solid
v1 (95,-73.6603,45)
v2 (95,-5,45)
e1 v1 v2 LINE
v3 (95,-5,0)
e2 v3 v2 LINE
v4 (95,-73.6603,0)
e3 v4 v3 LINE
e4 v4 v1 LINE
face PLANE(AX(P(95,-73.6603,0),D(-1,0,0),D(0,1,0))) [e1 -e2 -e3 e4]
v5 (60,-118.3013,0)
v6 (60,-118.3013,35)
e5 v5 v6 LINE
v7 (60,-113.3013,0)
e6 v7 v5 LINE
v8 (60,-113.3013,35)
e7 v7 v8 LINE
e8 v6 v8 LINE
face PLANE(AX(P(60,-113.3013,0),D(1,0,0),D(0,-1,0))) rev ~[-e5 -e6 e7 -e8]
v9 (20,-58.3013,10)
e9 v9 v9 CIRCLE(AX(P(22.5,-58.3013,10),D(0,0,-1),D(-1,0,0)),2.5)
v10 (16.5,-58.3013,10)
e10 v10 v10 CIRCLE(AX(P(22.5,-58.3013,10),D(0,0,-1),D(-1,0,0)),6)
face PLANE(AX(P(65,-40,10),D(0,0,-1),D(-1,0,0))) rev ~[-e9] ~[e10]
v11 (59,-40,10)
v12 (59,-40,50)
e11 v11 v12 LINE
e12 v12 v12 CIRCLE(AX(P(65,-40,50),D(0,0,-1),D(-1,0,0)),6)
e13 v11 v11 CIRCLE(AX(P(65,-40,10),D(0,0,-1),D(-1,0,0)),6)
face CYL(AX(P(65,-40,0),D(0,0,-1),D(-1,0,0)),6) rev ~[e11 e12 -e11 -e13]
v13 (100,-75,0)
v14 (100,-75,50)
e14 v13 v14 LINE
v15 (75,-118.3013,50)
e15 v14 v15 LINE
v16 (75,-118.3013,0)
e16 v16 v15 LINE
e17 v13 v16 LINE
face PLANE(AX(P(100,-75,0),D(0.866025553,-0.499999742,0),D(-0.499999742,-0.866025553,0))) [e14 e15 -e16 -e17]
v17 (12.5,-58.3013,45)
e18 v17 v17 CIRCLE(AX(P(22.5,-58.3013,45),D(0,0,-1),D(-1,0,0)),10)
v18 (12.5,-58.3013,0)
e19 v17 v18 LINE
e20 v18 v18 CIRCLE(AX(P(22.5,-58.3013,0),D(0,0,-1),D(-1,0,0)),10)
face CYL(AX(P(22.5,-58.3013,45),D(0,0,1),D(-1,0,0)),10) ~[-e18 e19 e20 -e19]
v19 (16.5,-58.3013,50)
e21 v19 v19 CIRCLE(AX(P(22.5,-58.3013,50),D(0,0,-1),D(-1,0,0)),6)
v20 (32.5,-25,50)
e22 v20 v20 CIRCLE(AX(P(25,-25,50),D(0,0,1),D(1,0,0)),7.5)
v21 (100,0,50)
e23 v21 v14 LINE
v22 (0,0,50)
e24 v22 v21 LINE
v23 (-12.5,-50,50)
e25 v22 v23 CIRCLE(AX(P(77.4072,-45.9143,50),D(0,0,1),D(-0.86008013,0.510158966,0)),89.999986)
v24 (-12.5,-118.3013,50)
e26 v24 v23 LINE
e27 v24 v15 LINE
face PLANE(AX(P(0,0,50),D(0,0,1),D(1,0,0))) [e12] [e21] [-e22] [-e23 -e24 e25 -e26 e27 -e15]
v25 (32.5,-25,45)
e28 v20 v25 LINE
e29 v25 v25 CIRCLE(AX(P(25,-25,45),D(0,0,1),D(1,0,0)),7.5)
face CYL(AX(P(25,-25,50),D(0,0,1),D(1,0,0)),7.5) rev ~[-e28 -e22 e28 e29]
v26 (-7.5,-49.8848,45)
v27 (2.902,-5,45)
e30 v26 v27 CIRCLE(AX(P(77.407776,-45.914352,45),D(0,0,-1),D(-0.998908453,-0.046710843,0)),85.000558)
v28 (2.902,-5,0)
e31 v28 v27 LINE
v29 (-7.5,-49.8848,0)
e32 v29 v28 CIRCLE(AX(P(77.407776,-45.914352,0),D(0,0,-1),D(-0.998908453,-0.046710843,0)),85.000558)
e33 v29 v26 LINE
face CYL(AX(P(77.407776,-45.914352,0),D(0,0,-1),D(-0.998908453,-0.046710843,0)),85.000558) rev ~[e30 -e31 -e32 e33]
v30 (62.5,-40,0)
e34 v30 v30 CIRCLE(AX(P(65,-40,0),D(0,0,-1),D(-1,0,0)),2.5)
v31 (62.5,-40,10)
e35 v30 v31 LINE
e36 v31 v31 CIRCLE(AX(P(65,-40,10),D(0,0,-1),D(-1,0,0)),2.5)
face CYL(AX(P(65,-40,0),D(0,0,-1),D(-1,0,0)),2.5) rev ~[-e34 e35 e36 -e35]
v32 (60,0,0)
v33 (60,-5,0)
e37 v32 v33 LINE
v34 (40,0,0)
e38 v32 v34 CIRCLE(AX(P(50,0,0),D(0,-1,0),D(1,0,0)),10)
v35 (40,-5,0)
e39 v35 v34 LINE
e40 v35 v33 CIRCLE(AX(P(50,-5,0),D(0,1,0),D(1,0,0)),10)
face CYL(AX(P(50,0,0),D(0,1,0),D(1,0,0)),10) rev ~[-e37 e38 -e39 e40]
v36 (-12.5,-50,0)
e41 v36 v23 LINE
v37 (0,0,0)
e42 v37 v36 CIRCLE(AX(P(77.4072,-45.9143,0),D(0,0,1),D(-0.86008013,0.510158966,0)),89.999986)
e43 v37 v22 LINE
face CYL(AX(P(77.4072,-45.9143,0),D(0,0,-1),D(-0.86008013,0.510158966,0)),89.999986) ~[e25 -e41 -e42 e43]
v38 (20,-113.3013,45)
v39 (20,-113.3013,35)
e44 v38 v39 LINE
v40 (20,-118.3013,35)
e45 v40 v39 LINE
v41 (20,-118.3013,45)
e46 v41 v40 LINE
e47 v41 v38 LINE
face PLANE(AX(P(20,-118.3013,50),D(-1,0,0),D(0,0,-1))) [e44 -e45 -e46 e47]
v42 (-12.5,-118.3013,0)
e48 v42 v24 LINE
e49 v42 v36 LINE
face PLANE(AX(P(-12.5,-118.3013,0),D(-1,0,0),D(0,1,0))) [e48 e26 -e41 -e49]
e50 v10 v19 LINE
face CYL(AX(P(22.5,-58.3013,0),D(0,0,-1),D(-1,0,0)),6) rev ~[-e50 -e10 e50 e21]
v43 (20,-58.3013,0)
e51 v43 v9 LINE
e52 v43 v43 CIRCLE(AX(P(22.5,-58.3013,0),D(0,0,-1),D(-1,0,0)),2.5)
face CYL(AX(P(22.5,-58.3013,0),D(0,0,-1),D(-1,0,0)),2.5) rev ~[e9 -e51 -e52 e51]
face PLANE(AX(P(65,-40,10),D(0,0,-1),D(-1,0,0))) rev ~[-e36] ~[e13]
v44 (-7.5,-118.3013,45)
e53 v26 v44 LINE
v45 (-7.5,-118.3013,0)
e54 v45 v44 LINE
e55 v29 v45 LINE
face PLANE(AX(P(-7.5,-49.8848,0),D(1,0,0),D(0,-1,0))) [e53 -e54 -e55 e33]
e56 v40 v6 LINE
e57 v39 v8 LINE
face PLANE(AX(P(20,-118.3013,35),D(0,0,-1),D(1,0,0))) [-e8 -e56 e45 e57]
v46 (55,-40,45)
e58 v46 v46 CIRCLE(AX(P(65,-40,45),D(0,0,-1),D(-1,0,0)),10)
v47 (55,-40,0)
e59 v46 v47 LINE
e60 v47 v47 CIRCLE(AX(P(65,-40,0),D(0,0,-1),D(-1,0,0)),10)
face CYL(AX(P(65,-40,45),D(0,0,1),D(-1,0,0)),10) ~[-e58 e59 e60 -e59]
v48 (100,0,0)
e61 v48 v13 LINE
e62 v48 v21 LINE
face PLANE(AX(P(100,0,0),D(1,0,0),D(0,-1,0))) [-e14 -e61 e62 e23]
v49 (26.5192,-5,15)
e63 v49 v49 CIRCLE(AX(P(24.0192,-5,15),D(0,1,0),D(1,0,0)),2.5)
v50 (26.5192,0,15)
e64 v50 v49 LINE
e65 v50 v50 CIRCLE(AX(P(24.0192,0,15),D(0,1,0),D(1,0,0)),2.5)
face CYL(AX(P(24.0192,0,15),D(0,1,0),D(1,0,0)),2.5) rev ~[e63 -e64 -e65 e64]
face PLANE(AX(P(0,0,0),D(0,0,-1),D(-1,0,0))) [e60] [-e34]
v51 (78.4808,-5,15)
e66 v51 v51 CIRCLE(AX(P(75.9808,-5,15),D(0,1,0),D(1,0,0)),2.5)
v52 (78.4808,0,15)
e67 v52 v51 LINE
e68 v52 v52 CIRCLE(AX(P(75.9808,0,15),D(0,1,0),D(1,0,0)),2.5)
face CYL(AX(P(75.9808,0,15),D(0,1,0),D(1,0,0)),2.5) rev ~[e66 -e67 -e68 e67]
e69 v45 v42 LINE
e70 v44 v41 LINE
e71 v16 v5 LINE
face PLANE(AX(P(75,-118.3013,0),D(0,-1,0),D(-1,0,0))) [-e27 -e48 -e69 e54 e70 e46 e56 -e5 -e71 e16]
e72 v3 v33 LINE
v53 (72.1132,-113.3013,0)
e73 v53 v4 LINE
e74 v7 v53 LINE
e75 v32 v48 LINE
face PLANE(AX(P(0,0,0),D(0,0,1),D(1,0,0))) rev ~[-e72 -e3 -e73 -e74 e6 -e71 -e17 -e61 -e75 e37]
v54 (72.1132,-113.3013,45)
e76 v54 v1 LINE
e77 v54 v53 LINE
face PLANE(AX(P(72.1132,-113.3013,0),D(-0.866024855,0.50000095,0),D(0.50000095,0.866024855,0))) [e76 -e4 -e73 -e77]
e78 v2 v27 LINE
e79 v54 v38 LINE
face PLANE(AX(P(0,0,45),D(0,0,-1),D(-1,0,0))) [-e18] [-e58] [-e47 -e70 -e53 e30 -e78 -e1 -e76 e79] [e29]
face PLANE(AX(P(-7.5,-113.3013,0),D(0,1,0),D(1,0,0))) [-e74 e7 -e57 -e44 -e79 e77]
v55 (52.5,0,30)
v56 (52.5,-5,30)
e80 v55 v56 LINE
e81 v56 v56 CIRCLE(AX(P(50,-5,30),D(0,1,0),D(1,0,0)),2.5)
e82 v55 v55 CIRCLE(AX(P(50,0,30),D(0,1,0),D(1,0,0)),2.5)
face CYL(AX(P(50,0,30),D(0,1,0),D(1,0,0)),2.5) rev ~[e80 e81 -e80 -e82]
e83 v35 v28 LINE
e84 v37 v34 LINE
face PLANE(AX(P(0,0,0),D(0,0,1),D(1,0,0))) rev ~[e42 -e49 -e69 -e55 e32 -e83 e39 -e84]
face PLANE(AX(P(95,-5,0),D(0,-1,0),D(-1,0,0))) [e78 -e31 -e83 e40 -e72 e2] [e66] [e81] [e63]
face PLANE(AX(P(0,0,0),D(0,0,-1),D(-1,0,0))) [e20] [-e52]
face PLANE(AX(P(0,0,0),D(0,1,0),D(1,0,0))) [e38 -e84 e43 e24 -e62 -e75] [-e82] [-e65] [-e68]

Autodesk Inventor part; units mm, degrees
ref_plane "YZ Plane" through (0, 0, 0) normal (1, 0, 0) x (0, 1, 0)
ref_plane "XZ Plane" through (0, 0, 0) normal (0, 1, 0) x (-1, 0, 0)
ref_plane "XY Plane" through (0, 0, 0) normal (0, 0, 1) x (1, 0, 0)
sketch "Sketch1" plane through (0, 0, 0) normal (0, 0, 1) x (1, 0, 0)
  line L0 (0, 0) -> (100, 0)
  line L1 (100, 0) -> (100, -75)
  line L2 (100, -75) -> (75, -118.3013)
  line L3 (75, -118.3013) -> (-12.5, -118.3013)
  line L4 (-12.5, -118.3013) -> (-12.5, -50)
  arc A0 (0, 0) -> (-12.5, -50) centre (77.4072, -45.9143) ccw
  dimension "d0" = 100
  dimension "d1" = 75
  dimension "d2" = 50
  dimension "d3" = 150
  dimension "d5" = 50
  dimension "d6" = 12.5
  dimension "d7" = 90
extrude "Extrusion1" add sketch "Sketch1" along normal blind 50
sketch "Sketch2" plane through (0, 0, 0) normal (0, 0, -1) x (-1, 0, 0)
  line L0 (0, 0) -> (-100, 0) projected
  line L1 (-100, 0) -> (-100, -75) projected
  line L2 (-100, -75) -> (-75, -118.3013) projected
  line L3 (-75, -118.3013) -> (12.5, -118.3013) projected
  line L4 (12.5, -118.3013) -> (12.5, -50) projected
  arc A0 (12.5, -50) -> (0, 0) centre (-77.4072, -45.9143) ccw projected
  line L5 (-95, -73.6603) -> (-95, -5)
  line L6 (-95, -5) -> (-2.902, -5)
  arc A1 (7.5, -49.8848) -> (-2.902, -5) centre (-77.4072, -45.9143) ccw
  line L7 (7.5, -49.8848) -> (7.5, -113.3013)
  line L8 (7.5, -113.3013) -> (-72.1132, -113.3013)
  line L9 (-72.1132, -113.3013) -> (-95, -73.6603)
  dimension "d10" = 5
extrude "Extrusion2" cut sketch "Sketch2" against normal blind 45 contours L5 L6 A1 L7 L8 L9
sketch "Sketch3" plane through (0, 0, 0) normal (0, 0, -1) x (-1, 0, 0)
  line L0 (7.5, -113.3013) -> (-72.1132, -113.3013) projected
  line L1 (12.5, -118.3013) -> (-75, -118.3013) projected
  line L2 (7.5, -113.3013) -> (-60, -113.3013)
  line L3 (-60, -113.3013) -> (-60, -118.3013)
  line L4 (-60, -118.3013) -> (7.5, -118.3013)
  line L5 (7.5, -118.3013) -> (7.5, -113.3013)
  point P0 (0, 0)
  dimension "d13" = 15
extrude "Extrusion3" cut sketch "Sketch3" against normal blind 45
sketch "Sketch4" plane through (0, 0, 0) normal (0, 1, 0) x (1, 0, 0)
  circle A0 centre (50, 0) radius 10
  line L0 (0, 0) -> (100, 0) projected
  dimension "d16" = 20
extrude "Extrusion4" cut sketch "Sketch4" against normal through all
sketch "Sketch5" plane through (0, 0, 50) normal (0, 1, 0) x (1, 0, 0)
  arc A0 (40, 50) -> (60, 50) centre (50, 50) ccw projected
  circle A1 centre (50, 50) radius 30 construction
  circle A2 centre (50, 20) radius 2.5
  circle A3 centre (75.9808, 35) radius 2.5
  circle A4 centre (75.9808, 65) radius 2.5
  circle A5 centre (50, 80) radius 2.5
  circle A6 centre (24.0192, 65) radius 2.5
  circle A7 centre (24.0192, 35) radius 2.5
  point P0 (0, 50)
  dimension "d19" = 60
  dimension "d20" = 5
  dimension "d23" = 360
extrude "Extrusion5" cut sketch "Sketch5" against normal blind 5 contours A2 | A3 | A7
sketch "Sketch6" plane through (0, 0, 50) normal (0, 0, 1) x (1, 0, 0)
  circle A0 centre (25, -25) radius 7.5
  point P0 (0, 0)
  dimension "d27" = 15
  dimension "d28" = 25
  dimension "d29" = 25
extrude "Extrusion6" cut sketch "Sketch6" against normal blind 5
sketch "Sketch7" plane through (-12.5, -118.3013, 50) normal (0, -1, 0) x (1, 0, 0)
  line L0 (87.5, 0) -> (112.5, 0) projected
  line L1 (87.5, 0) -> (32.5, 0)
  line L2 (32.5, 0) -> (32.5, -15)
  line L3 (32.5, -15) -> (87.5, -15)
  line L4 (87.5, -15) -> (87.5, 0)
  line L5 (0, -50) -> (0, 0) projected
  point P0 (12.5, -50)
  dimension "d32" = 15
  dimension "d33" = 32.5
extrude "Extrusion7" add sketch "Sketch7" against normal blind 5
sketch "Sketch9" plane through (0, 0, 0) normal (0, 0, -1) x (-1, 0, 0)
  circle A0 centre (-65, -40) radius 6
  circle A1 centre (-22.5, -58.3013) radius 6
  line L0 (-100, 0) -> (-100, -75) projected
  line L1 (-60, 0) -> (-100, 0) projected
  line L2 (12.5, -118.3013) -> (12.5, -50) projected
  line L3 (7.5, -118.3013) -> (-20, -118.3013) projected
  point P0 (0, 0)
  point P1 (-57.5, 0)
  dimension "d39" = 12
  dimension "d40" = 12
  dimension "d41" = 35
  dimension "d42" = 40
  dimension "d43" = 35
  dimension "d44" = 60
extrude "Extrusion9" cut sketch "Sketch9" against normal through all
sketch "Sketch10" plane through (0, 0, 45) normal (0, 0, -1) x (-1, 0, 0)
  circle A0 centre (-65, -40) radius 6 projected
  circle A1 centre (-22.5, -58.3013) radius 6 projected
  circle A2 centre (-22.5, -58.3013) radius 10
  circle A3 centre (-65, -40) radius 10
  point P0 (0, 0)
  dimension "d47" = 20
  dimension "d48" = 20
extrude "Extrusion10" add sketch "Sketch10" along normal blind 45
sketch "Sketch11" plane through (65, -40, 0) normal (0, 0, -1) x (-1, 0, 0)
  circle A0 centre (0, 0) radius 10 projected
  circle A1 centre (42.5, -18.3013) radius 10 projected
  circle A2 centre (42.5, -18.3013) radius 6 projected
  circle A3 centre (0, 0) radius 6 projected
  circle A4 centre (42.5, -18.3013) radius 2.5
  circle A5 centre (0, 0) radius 6 projected
  circle A6 centre (0, 0) radius 2.5
  point P0 (65, 40)
  dimension "d51" = 5
  dimension "d52" = 5
extrude "Extrusion11" add sketch "Sketch11" against normal blind 10 contours A2 | A3
properties part number "FA002" material "ABS Plastic"
